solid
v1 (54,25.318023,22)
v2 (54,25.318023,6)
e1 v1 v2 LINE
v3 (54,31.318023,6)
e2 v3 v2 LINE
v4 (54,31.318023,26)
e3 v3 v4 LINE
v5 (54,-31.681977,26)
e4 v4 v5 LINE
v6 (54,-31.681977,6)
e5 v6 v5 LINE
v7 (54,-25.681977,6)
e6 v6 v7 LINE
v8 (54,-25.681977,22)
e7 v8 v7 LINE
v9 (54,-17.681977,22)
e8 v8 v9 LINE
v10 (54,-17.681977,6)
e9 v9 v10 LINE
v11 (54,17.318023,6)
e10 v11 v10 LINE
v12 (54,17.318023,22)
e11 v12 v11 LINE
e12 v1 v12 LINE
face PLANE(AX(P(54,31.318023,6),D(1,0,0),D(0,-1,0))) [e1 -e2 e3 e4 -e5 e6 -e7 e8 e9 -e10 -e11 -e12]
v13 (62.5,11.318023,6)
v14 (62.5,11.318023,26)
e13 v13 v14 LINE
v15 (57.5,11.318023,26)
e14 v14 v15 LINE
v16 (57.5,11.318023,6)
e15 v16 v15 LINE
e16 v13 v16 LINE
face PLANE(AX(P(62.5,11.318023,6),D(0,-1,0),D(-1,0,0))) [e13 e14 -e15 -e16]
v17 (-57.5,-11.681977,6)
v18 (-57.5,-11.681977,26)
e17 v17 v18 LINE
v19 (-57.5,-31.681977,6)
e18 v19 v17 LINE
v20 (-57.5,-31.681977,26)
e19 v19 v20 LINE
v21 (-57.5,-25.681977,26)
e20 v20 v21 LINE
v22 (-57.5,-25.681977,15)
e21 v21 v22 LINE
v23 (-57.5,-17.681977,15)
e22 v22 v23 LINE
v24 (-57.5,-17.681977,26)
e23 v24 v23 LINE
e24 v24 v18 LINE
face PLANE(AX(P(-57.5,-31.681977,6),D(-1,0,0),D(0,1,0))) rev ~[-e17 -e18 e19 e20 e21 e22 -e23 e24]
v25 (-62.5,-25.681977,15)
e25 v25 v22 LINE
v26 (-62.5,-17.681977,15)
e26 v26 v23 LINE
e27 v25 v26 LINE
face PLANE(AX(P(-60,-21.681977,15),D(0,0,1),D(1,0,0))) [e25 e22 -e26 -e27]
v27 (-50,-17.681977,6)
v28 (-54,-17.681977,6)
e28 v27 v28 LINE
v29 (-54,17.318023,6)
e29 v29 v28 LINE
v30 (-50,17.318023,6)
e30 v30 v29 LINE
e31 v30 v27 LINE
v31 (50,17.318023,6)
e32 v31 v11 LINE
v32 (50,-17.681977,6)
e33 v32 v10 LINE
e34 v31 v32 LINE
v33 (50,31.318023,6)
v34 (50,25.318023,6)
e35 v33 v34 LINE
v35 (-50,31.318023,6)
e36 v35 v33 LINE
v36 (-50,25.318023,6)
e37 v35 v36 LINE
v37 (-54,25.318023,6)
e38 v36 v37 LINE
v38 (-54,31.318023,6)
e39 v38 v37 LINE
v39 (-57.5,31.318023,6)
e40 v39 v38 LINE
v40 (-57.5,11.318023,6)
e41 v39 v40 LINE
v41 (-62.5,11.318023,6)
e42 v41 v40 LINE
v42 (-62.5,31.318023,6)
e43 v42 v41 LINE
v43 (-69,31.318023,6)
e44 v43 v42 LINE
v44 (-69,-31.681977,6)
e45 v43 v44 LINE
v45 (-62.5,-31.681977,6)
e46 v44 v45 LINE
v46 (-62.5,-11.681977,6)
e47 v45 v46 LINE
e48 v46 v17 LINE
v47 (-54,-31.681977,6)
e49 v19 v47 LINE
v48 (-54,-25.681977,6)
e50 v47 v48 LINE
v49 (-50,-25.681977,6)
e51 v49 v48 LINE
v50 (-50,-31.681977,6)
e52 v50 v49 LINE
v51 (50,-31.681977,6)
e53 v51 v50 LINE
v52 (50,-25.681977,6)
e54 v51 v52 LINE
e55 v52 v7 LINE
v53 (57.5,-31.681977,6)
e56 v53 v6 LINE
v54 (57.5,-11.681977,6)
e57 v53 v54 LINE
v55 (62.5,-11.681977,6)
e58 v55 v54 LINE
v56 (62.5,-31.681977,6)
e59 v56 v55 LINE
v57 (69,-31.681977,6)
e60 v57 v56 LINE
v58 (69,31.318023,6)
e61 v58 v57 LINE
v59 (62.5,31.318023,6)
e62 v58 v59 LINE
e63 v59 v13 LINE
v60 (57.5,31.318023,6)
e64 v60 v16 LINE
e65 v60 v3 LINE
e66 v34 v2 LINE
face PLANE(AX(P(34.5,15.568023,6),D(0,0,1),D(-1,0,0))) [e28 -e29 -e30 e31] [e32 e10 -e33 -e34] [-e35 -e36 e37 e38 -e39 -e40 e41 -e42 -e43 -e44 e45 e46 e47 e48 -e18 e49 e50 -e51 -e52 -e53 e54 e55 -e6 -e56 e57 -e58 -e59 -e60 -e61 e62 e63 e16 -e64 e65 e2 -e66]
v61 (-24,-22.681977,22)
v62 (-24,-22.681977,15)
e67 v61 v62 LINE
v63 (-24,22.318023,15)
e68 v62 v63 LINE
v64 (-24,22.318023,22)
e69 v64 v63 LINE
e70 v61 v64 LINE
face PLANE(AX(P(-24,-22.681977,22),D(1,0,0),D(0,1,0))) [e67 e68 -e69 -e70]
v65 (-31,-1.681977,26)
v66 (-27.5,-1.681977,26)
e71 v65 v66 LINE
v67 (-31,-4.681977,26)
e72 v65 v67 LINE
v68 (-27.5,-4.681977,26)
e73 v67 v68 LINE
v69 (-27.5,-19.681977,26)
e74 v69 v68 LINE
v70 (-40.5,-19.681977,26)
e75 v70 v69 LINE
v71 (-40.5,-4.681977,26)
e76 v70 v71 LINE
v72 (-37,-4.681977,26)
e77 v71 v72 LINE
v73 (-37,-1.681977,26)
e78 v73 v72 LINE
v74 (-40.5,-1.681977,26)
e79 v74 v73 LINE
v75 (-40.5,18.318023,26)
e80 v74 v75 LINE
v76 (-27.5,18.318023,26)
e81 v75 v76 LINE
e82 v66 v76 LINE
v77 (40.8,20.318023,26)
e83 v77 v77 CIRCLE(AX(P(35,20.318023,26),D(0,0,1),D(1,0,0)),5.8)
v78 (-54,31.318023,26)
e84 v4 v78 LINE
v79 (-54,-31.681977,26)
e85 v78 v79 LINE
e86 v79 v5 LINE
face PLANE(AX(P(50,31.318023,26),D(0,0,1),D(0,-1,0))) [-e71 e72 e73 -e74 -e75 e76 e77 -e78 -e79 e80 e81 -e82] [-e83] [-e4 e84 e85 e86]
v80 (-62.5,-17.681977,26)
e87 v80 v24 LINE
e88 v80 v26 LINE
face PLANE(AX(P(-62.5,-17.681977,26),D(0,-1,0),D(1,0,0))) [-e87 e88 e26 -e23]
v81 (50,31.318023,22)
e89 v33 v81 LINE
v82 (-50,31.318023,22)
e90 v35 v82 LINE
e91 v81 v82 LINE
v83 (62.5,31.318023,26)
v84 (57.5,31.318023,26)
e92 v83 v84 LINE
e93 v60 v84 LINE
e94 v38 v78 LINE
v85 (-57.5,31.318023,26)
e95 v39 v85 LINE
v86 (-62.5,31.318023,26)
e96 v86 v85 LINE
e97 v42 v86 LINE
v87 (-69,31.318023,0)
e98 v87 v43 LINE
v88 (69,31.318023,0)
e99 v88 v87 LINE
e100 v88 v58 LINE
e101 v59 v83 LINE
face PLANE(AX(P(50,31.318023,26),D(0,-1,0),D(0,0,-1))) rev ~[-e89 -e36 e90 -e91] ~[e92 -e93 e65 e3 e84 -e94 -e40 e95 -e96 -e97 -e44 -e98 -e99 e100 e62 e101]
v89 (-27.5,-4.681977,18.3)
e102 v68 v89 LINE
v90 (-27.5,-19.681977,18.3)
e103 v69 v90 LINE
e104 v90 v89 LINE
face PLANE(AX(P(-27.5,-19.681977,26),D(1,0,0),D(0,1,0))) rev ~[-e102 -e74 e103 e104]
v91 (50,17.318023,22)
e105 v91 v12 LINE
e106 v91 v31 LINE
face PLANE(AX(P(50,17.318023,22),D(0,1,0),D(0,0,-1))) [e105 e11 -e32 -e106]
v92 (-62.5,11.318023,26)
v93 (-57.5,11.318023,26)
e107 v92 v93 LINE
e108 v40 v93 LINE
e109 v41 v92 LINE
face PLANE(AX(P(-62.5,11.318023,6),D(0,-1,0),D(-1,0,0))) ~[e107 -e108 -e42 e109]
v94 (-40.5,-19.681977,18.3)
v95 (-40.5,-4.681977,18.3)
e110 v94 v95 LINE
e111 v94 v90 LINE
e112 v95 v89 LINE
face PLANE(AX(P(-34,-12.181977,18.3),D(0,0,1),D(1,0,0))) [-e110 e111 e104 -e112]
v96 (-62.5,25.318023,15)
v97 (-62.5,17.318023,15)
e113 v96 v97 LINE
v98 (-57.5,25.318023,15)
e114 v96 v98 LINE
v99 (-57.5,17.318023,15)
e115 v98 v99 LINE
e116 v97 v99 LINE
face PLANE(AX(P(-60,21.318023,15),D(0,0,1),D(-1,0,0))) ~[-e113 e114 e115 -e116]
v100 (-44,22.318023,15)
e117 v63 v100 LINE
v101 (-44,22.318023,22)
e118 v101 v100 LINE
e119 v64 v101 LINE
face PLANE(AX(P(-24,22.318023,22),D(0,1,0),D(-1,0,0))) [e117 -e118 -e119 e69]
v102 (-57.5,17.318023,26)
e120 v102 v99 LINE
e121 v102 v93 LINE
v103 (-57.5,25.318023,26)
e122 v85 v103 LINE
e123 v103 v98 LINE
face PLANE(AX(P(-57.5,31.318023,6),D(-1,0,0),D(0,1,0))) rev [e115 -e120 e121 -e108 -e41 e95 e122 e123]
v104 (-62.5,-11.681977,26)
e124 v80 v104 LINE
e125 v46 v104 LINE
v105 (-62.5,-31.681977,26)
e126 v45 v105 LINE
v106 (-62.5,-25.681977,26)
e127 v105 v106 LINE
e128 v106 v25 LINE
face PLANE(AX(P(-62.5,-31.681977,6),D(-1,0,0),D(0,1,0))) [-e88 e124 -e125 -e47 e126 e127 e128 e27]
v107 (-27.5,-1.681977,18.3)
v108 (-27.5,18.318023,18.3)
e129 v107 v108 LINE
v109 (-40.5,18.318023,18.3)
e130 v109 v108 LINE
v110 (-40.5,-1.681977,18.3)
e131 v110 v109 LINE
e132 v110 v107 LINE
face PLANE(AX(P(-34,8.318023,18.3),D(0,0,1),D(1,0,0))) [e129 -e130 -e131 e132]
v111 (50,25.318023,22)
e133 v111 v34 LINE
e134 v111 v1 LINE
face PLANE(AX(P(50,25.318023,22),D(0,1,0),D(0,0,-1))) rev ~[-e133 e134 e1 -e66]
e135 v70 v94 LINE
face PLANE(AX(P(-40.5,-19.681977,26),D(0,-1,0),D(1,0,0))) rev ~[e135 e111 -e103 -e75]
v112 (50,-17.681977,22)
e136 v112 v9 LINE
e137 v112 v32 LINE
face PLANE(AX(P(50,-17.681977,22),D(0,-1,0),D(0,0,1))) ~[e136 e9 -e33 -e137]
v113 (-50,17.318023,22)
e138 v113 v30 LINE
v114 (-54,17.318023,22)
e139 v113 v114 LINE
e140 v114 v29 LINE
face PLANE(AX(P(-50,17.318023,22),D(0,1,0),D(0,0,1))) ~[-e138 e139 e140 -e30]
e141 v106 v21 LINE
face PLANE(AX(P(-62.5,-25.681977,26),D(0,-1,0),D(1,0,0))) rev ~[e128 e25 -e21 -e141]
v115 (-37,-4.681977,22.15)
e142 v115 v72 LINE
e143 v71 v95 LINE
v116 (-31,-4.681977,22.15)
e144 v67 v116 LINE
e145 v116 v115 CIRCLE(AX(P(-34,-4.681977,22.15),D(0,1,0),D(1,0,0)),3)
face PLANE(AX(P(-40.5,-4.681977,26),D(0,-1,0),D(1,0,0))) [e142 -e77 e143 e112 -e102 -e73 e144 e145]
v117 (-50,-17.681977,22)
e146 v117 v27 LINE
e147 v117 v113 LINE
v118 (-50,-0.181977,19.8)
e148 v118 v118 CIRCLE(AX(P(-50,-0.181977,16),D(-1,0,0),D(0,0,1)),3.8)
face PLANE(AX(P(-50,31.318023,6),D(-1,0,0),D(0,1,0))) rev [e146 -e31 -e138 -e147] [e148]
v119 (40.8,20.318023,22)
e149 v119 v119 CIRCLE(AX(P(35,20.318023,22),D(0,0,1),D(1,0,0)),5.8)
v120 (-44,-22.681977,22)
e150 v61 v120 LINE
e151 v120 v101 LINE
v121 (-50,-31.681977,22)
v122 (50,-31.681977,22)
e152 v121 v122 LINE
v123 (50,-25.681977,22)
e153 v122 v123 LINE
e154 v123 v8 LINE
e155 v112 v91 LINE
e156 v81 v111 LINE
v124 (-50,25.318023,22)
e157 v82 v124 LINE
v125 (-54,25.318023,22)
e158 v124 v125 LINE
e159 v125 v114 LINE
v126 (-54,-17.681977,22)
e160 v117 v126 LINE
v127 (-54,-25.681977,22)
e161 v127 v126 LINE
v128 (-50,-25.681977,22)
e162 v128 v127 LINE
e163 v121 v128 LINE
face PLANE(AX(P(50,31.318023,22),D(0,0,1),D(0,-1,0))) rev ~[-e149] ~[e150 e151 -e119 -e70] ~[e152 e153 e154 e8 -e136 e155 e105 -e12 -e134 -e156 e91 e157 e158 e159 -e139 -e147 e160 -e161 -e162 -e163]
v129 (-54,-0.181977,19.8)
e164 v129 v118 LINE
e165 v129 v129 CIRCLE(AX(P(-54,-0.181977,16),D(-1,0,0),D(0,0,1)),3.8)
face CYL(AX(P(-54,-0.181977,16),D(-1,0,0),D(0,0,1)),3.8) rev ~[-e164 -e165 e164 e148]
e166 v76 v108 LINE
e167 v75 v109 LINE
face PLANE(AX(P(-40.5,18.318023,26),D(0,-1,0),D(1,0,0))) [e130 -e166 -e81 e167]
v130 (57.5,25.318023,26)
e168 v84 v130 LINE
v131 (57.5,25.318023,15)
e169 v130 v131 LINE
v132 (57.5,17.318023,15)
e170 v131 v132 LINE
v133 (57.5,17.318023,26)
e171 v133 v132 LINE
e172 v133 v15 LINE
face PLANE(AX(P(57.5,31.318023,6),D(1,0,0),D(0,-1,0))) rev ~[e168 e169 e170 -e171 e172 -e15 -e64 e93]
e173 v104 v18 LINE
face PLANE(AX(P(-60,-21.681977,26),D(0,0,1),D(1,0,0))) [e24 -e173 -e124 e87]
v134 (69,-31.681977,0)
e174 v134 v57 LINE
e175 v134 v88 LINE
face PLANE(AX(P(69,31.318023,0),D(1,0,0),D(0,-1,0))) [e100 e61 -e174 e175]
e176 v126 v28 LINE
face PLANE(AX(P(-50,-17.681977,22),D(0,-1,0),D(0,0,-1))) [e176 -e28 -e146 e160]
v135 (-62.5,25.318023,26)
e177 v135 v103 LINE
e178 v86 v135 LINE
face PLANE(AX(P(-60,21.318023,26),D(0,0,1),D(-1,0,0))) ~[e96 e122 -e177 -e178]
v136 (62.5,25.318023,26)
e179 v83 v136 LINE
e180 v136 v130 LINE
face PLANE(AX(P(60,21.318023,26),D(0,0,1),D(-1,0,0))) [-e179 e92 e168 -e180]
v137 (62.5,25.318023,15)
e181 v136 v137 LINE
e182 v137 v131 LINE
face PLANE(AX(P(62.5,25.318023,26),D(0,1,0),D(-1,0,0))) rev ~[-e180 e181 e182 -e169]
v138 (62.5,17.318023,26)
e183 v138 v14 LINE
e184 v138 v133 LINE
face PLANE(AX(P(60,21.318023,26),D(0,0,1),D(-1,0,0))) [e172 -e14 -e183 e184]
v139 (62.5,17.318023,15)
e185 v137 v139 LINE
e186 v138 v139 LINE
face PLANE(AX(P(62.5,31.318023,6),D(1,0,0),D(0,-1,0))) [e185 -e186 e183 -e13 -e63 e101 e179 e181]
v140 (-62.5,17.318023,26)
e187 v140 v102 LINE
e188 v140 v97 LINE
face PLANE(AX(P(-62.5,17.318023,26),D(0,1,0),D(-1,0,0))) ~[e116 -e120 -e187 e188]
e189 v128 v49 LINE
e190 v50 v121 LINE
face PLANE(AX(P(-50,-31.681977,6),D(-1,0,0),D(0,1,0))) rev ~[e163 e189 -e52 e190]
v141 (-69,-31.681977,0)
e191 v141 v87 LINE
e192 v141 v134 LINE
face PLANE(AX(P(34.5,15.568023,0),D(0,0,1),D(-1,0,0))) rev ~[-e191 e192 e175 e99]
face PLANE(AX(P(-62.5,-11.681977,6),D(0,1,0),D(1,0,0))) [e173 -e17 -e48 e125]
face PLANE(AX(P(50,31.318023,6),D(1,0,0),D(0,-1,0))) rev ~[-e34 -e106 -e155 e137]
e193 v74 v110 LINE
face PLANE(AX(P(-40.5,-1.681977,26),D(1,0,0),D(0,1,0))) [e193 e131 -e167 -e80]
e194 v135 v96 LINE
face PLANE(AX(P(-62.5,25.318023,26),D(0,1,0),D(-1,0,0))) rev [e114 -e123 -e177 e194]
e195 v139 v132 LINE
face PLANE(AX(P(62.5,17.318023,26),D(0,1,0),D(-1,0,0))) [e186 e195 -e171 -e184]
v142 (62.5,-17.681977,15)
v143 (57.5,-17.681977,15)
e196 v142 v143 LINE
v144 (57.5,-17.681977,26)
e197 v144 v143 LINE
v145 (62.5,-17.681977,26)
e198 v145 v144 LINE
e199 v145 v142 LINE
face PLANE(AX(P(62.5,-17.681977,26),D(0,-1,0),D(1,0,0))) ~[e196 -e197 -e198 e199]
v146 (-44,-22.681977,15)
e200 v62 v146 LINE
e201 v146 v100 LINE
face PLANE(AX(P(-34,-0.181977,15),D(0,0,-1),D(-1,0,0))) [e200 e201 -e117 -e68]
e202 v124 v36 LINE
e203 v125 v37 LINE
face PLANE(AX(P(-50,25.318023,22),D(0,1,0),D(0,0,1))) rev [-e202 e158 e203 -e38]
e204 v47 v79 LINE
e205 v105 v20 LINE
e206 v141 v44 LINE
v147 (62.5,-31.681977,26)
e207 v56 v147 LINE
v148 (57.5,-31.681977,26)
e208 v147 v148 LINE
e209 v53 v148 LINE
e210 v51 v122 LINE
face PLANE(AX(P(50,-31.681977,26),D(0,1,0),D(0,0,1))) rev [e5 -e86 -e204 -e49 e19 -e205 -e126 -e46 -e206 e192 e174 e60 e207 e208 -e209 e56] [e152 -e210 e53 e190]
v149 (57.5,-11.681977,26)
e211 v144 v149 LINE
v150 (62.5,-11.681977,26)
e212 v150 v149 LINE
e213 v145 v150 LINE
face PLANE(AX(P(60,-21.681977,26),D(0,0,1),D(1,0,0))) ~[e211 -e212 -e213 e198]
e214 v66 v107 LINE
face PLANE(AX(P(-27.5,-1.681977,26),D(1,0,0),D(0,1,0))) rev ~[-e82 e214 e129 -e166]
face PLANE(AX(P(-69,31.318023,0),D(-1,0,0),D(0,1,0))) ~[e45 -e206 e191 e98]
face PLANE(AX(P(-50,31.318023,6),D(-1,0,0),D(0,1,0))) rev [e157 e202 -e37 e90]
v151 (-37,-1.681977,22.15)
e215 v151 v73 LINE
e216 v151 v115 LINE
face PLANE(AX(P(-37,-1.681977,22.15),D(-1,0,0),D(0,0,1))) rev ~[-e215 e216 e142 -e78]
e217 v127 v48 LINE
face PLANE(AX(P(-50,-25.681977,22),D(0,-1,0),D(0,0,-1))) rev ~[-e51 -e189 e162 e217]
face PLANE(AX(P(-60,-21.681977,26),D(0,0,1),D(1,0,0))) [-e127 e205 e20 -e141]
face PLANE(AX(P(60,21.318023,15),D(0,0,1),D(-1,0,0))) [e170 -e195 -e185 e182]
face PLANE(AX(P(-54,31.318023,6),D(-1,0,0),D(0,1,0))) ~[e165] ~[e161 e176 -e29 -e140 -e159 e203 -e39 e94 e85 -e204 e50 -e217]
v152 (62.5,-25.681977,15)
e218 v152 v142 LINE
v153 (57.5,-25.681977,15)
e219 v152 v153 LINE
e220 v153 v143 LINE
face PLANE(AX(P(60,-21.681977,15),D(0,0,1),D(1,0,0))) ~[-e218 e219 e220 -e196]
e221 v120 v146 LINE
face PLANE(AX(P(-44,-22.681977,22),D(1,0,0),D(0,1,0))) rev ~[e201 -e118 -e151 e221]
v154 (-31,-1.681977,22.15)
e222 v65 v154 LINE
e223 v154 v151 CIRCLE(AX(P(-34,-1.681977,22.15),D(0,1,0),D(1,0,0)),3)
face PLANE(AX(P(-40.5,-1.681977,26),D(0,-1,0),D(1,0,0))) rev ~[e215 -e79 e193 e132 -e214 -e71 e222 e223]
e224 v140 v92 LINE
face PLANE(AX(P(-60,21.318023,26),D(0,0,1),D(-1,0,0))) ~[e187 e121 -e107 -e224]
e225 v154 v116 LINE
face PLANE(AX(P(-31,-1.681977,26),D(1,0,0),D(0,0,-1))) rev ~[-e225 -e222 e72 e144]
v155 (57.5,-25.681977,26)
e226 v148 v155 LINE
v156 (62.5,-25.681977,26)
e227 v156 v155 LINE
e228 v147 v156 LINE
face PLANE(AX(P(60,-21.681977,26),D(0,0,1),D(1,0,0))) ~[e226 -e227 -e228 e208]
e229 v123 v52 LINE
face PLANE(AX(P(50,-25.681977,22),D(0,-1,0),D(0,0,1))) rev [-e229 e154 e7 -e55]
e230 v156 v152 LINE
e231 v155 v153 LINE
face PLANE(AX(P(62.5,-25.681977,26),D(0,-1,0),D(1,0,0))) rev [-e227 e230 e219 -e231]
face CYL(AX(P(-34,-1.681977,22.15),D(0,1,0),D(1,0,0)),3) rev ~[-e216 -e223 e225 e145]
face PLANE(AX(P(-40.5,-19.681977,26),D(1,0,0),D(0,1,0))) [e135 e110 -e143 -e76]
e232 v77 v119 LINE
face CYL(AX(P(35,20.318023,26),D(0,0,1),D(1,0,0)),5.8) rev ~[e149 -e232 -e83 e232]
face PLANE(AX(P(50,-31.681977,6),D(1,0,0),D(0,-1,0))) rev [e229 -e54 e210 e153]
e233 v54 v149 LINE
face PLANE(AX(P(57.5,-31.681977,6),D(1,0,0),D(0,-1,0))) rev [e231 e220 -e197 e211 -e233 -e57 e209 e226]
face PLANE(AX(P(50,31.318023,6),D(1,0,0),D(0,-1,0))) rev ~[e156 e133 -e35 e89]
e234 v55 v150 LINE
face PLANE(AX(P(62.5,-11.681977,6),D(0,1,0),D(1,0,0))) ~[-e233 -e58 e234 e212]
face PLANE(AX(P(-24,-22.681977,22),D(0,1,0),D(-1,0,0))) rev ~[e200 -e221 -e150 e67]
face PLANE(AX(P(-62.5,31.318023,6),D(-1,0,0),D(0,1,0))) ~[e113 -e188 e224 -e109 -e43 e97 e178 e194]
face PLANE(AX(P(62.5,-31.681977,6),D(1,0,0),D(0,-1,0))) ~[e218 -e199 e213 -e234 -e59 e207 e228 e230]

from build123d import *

# Parameters (mm, degrees)
ESBO_O1_W                = 69
ESBO_O1_H                = 31.5
RESSALTO_EXTRUS_O1_DEPTH = 6
ESBO_O2_W                = 5
ESBO_O2_H                = 20
RESSALTO_EXTRUS_O2_DEPTH = 20
ESBO_O3_W                = 5
ESBO_O3_H                = 8
CORTE_EXTRUS_O1_DEPTH    = 11
ESBO_O4_W                = 4
ESBO_O4_H                = 31.5
RESSALTO_EXTRUS_O3_DEPTH = 20
ESBO_O5_W                = 16
ESBO_O5_H                = 8
CORTE_EXTRUS_O2_DEPTH    = 4
ESBO_O6_W                = 4
ESBO_O6_H                = 31.5
RESSALTO_EXTRUS_O4_DEPTH = 50
ESBO_O18_R               = 3.8
CORTE_EXTRUS_O3_DEPTH    = 4
ESBO_O19_R               = 5.8
CORTE_EXTRUS_O5_DEPTH    = 4
ESBO_O20_W               = 20
ESBO_O20_H               = 45
RESSALTO_EXTRUS_O9_DEPTH = 7
ESBO_O21_W               = 13
ESBO_O21_H               = 15
CORTE_EXTRUS_O6_DEPTH    = 7.7
ESBO_O22_W               = 13
ESBO_O22_H               = 20
CORTE_EXTRUS_O7_DEPTH    = 7.7
CORTE_EXTRUS_O9_DEPTH    = 3


with BuildPart() as part:
    # Esboço1 → Ressalto-extrusão1 (new body)
    with BuildSketch(Plane.XY):
        with Locations((-34.5, -15.931977108)):
            Rectangle(ESBO_O1_W, ESBO_O1_H)
    extrude(amount=RESSALTO_EXTRUS_O1_DEPTH)

    # Esboço2 → Ressalto-extrusão2 (add)
    with BuildSketch(Plane.XY.offset(6)):
        with Locations((-60, -21.681977108)):
            Rectangle(ESBO_O2_W, ESBO_O2_H)
    extrude(amount=RESSALTO_EXTRUS_O2_DEPTH)

    # Esboço3 → Corte-extrusão1 (cut)
    with BuildSketch(Plane.XY.offset(26)):
        with Locations((-60, -21.681977108)):
            Rectangle(ESBO_O3_W, ESBO_O3_H)
    extrude(amount=-CORTE_EXTRUS_O1_DEPTH, mode=Mode.SUBTRACT)

    # Esboço4 → Ressalto-extrusão3 (add)
    with BuildSketch(Plane.XY.offset(6)):
        with Locations((-52, -15.931977108)):
            Rectangle(ESBO_O4_W, ESBO_O4_H)
    extrude(amount=RESSALTO_EXTRUS_O3_DEPTH)

    # Esboço5 → Corte-extrusão2 (cut)
    with BuildSketch(Plane(origin=(-50, 0, 0), x_dir=(0, 0, -1), z_dir=(1, 0, 0))):
        with Locations((-14, -21.681977108)):
            Rectangle(ESBO_O5_W, ESBO_O5_H)
    extrude(amount=-CORTE_EXTRUS_O2_DEPTH, mode=Mode.SUBTRACT)

    # Esboço6 → Ressalto-extrusão4 (add)
    with BuildSketch(Plane(origin=(-50, 0, 0), x_dir=(0, 0, -1), z_dir=(1, 0, 0))):
        with Locations((-24, -15.931977108)):
            Rectangle(ESBO_O6_W, ESBO_O6_H)
    extrude(amount=RESSALTO_EXTRUS_O4_DEPTH)

    # Espelhar10: part across plane


with BuildPart() as part_1:
    add(part.part)
    add(part.part.mirror(Plane.ZX.offset(-0.181977108)))

    # Espelhar11: part across plane


with BuildPart() as part_2:
    add(part_1.part)
    add(part_1.part.mirror(Plane(origin=(0, 0, 0), x_dir=(0, 0, 1), z_dir=(1, 0, 0))))

    # Esboço18 → Corte-extrusão3 (cut)
    with BuildSketch(Plane.ZY.offset(54)):
        with Locations((16, -0.181977108)):
            Circle(ESBO_O18_R)
    extrude(amount=-CORTE_EXTRUS_O3_DEPTH, mode=Mode.SUBTRACT)

    # Esboço19 → Corte-extrusão5 (cut)
    with BuildSketch(Plane.XY.offset(26)):
        with Locations((35, 20.318022892)):
            Circle(ESBO_O19_R)
    extrude(amount=-CORTE_EXTRUS_O5_DEPTH, mode=Mode.SUBTRACT)

    # Esboço20 → Ressalto-extrusão9 (add)
    with BuildSketch(Plane(origin=(0, 0, 22), x_dir=(-1, 0, 0), z_dir=(0, 0, -1))):
        with Locations((34, -0.181977108)):
            Rectangle(ESBO_O20_W, ESBO_O20_H)
    extrude(amount=RESSALTO_EXTRUS_O9_DEPTH)

    # Esboço21 → Corte-extrusão6 (cut)
    with BuildSketch(Plane.XY.offset(26)):
        with Locations((-34, -12.181977108)):
            Rectangle(ESBO_O21_W, ESBO_O21_H)
    extrude(amount=-CORTE_EXTRUS_O6_DEPTH, mode=Mode.SUBTRACT)

    # Esboço22 → Corte-extrusão7 (cut)
    with BuildSketch(Plane.XY.offset(26)):
        with Locations((-34, 8.318022892)):
            Rectangle(ESBO_O22_W, ESBO_O22_H)
    extrude(amount=-CORTE_EXTRUS_O7_DEPTH, mode=Mode.SUBTRACT)

    # Esboço23 → Corte-extrusão9 (cut)
    with BuildSketch(Plane(origin=(0, -1.681977108, 0), x_dir=(1, 0, 0), z_dir=(0, 1, 0))):
        with BuildLine():
            Line((-31, -26), (-31, -22.15))
            ThreePointArc((-31, -22.15), (-34, -19.15), (-37, -22.15))
            Line((-37, -22.15), (-37, -26))
            Line((-37, -26), (-31, -26))
        make_face()
    extrude(amount=-CORTE_EXTRUS_O9_DEPTH, mode=Mode.SUBTRACT)


solid = part_2.part
